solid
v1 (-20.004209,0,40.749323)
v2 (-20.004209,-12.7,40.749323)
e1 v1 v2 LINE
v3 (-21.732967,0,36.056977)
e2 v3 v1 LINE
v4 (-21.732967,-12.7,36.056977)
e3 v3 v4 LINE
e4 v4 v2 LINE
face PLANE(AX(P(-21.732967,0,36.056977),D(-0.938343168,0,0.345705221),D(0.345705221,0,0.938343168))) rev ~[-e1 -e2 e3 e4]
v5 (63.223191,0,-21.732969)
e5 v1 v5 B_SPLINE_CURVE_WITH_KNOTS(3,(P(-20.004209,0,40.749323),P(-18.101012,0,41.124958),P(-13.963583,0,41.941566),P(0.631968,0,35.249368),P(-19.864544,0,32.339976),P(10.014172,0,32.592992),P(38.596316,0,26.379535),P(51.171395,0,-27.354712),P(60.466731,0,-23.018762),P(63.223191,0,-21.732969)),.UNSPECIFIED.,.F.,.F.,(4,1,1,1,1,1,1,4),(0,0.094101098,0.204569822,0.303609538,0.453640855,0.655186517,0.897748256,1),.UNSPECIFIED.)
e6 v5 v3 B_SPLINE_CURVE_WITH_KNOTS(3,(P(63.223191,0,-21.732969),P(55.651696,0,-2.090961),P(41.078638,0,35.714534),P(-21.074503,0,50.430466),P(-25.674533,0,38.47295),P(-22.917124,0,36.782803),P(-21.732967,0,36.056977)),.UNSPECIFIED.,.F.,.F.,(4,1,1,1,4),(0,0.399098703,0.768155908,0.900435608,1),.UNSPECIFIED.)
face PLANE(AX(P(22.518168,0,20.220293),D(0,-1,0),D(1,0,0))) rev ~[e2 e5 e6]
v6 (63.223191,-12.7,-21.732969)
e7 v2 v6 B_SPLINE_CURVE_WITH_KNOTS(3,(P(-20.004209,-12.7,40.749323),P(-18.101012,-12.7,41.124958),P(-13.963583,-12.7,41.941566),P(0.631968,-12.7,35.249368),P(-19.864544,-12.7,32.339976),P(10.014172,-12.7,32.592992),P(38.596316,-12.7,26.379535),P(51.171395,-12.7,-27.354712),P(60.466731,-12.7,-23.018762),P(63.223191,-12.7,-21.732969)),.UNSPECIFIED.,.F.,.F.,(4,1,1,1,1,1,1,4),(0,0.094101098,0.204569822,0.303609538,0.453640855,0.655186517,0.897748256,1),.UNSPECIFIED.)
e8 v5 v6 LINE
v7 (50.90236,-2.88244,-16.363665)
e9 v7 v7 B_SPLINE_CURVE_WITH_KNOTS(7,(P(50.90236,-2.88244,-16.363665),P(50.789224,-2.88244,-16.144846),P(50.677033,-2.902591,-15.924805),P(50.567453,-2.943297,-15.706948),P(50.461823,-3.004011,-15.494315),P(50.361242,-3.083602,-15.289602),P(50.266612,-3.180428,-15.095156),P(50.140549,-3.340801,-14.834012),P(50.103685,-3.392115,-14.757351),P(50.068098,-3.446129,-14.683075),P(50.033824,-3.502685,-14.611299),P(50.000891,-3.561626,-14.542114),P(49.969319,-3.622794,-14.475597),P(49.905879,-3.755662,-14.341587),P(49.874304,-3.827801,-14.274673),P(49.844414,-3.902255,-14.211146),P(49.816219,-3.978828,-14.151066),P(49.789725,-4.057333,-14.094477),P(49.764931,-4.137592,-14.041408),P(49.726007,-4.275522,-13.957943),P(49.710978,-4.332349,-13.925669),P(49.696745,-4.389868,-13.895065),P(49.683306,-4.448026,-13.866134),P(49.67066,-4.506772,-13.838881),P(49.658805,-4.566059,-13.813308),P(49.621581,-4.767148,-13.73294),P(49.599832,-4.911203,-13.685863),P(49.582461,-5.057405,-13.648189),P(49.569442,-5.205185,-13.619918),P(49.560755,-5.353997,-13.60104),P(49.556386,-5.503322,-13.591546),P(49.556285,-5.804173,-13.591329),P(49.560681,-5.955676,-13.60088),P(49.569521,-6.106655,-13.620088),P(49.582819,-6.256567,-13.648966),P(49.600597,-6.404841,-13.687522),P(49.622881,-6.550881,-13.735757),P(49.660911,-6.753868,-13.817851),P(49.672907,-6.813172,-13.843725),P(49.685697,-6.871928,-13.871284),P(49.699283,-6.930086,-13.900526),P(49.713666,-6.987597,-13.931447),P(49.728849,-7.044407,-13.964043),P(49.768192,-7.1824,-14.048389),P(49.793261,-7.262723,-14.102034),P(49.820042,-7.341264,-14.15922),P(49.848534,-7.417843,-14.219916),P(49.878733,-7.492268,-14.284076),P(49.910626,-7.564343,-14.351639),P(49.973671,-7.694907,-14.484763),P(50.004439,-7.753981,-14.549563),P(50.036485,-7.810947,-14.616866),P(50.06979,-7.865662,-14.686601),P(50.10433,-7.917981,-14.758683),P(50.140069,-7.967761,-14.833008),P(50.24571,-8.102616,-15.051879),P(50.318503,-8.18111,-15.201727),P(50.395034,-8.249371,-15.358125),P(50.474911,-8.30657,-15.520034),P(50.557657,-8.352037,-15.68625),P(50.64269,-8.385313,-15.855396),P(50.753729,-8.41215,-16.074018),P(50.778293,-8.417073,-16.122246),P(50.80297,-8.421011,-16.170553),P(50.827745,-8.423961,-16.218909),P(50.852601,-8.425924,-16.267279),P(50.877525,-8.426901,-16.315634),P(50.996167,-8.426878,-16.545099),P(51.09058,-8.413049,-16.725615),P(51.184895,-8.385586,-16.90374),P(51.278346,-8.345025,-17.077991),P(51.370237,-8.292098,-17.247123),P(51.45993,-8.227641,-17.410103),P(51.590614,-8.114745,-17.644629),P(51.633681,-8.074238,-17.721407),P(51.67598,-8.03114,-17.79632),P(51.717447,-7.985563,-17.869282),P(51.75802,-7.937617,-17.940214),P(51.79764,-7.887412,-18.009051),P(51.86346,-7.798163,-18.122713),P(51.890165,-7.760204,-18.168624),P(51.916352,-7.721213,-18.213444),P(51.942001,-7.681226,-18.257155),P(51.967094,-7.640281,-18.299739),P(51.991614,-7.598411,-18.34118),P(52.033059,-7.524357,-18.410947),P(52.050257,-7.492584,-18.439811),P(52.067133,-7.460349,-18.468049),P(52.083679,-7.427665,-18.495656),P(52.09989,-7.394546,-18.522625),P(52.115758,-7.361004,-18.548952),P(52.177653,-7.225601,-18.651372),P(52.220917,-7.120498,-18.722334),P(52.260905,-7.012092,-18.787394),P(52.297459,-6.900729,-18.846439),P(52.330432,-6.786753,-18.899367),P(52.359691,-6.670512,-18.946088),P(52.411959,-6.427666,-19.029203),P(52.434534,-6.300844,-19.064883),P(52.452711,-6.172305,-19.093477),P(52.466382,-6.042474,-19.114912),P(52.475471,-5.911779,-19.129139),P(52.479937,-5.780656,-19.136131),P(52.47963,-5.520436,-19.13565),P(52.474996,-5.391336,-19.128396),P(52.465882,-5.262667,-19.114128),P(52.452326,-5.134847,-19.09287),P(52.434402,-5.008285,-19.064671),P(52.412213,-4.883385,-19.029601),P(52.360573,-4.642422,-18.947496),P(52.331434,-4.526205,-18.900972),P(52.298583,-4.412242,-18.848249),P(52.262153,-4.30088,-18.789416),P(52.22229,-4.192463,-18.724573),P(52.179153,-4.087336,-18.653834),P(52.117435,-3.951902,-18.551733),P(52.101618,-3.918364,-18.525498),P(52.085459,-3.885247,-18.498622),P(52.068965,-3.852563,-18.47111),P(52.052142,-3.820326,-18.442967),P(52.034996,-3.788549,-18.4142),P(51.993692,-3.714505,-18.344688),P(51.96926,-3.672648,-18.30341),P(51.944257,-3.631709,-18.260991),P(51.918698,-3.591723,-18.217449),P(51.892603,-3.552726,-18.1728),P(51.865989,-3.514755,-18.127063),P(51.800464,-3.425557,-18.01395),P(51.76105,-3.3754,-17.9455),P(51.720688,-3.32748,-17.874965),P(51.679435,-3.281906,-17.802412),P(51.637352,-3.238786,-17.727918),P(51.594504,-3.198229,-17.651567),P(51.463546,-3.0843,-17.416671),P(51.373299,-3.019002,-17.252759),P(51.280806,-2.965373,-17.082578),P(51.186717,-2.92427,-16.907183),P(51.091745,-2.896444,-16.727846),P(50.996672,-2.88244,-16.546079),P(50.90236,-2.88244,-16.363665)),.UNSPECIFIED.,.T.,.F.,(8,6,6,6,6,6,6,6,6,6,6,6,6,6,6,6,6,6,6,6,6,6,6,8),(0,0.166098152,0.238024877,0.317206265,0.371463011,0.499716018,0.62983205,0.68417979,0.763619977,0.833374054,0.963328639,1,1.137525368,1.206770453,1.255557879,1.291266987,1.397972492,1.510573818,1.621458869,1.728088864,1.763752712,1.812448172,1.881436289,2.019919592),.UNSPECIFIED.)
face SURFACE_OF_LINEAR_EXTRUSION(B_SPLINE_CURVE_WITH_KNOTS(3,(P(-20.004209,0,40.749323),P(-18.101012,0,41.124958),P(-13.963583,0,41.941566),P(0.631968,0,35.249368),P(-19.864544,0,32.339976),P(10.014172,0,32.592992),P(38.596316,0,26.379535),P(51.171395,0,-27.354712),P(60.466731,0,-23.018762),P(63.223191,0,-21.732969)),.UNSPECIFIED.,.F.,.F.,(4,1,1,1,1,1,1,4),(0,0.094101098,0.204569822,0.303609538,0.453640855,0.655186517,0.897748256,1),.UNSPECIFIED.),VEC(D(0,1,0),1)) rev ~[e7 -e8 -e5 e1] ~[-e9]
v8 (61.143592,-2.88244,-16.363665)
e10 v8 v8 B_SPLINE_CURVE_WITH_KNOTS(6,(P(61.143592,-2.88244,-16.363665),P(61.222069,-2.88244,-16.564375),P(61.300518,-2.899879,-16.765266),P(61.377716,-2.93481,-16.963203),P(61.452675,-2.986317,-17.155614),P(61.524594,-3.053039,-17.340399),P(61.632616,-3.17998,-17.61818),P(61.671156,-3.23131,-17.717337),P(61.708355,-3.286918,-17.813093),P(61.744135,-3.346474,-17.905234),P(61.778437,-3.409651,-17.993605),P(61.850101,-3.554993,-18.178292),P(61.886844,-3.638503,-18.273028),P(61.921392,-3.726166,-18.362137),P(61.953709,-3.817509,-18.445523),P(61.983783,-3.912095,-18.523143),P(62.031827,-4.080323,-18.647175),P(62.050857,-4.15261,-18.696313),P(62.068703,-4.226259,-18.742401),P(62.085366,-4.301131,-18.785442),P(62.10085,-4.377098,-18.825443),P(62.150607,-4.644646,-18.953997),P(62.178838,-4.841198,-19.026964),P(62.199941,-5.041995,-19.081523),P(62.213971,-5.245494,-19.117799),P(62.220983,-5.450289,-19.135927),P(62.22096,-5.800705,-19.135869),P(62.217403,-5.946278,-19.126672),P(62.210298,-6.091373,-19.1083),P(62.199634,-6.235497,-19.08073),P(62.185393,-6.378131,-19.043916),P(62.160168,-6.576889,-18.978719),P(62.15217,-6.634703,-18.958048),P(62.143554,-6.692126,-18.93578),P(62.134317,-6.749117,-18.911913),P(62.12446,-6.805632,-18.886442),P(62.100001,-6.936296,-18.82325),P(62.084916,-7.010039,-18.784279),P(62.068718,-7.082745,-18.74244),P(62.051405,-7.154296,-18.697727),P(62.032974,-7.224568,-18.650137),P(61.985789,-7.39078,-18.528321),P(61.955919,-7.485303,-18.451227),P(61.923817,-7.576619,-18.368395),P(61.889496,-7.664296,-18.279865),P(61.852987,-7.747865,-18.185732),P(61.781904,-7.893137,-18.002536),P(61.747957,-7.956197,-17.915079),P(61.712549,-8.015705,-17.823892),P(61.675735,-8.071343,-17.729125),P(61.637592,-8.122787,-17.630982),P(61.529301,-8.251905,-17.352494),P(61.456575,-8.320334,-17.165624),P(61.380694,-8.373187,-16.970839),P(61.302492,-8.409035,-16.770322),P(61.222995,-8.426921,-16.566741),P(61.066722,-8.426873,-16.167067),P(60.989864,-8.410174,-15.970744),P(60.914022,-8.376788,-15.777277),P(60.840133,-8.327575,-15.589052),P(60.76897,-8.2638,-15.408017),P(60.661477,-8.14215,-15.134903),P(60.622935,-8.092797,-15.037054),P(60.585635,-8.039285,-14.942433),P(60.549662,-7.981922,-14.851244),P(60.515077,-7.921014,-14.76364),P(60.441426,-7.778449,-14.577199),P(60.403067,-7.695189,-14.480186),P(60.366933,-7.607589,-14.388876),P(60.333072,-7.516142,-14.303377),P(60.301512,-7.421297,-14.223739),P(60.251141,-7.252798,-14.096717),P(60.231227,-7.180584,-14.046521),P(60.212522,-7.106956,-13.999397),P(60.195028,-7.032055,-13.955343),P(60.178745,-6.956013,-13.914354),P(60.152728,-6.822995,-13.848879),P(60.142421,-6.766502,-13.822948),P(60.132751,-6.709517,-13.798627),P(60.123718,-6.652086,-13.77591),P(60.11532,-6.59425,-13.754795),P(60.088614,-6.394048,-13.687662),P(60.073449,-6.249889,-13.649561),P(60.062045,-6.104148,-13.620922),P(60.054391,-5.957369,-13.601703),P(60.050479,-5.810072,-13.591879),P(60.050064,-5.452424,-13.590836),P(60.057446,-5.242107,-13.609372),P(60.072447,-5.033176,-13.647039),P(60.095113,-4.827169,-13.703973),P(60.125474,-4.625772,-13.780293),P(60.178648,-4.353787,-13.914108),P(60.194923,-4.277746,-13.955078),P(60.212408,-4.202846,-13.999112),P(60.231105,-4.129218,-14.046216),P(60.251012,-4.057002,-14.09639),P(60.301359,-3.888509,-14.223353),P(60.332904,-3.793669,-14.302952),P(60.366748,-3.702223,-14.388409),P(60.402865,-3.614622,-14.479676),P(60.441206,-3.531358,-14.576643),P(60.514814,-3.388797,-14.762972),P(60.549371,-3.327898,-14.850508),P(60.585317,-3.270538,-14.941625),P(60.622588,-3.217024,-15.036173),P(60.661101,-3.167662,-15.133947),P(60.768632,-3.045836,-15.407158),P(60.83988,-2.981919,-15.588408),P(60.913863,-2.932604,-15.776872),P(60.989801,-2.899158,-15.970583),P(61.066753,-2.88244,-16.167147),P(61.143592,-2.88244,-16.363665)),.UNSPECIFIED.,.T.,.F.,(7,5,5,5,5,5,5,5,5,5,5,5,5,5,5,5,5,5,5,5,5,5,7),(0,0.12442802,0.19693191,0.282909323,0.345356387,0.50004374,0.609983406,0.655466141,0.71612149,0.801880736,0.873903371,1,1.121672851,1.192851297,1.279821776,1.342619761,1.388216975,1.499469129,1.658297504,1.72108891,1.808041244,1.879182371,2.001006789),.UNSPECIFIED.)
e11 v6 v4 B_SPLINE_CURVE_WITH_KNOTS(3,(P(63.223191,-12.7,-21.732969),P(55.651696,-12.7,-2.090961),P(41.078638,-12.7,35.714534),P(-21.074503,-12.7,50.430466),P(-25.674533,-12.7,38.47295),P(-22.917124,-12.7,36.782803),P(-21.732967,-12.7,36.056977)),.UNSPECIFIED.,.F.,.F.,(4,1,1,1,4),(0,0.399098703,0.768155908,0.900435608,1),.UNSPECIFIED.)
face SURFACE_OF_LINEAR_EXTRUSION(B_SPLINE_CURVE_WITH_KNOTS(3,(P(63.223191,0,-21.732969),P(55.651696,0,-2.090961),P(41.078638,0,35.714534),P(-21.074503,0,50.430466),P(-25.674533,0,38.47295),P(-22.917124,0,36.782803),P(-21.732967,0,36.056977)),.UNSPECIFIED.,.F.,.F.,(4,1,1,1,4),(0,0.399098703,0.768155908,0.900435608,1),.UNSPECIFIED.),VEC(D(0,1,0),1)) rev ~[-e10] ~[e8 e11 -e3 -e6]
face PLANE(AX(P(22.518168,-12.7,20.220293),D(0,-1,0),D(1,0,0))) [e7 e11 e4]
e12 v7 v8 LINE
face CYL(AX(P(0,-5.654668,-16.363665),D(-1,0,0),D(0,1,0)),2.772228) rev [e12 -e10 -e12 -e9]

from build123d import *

# Parameters (mm, degrees)
F1_DEPTH = 12.7
F2_R     = 2.7722279561
F3_DEPTH = 88.138


with BuildPart() as f1:
    # F0 (on Front) → F1 (new body)
    with BuildSketch(Plane.XZ):
        with BuildLine():
            add(Edge.make_bspline(
                [(-20.004209131, 40.749322623), (-18.1010123396, 41.124958073), (-13.9635831574, 41.9415657301), (0.631968489, 35.2493684143), (-19.8645440616, 32.339975931), (10.0141722282, 32.5929922895), (38.5963157758, 26.3795351795), (51.1713948728, -27.3547123387), (60.4667312412, -23.0187615376), (63.2231906056, -21.7329692096)],
                knots=[0, 0, 0, 0, 0.0941010979, 0.2045698219, 0.3036095379, 0.4536408554, 0.6551865167, 0.897748256, 1, 1, 1, 1], degree=3))
            add(Edge.make_bspline(
                [(63.2231906056, -21.7329692096), (55.6516958139, -2.0909614512), (41.0786380347, 35.7145342711), (-21.0745032611, 50.4304656177), (-25.674532514, 38.4729503252), (-22.9171239373, 36.7828029009), (-21.7329673469, 36.0569767654)],
                knots=[0, 0, 0, 0, 0.3990987029, 0.7681559081, 0.9004356077, 1, 1, 1, 1], degree=3))
            Line((-21.7329673469, 36.0569767654), (-20.004209131, 40.749322623))
        make_face()
    extrude(amount=F1_DEPTH)

    # F2 (on Right) → F3 (cut)
    with BuildSketch(Plane.YZ):
        with Locations((-5.6546684355, -16.3636654615)):
            Circle(F2_R)
    extrude(amount=F3_DEPTH, mode=Mode.SUBTRACT)


solid = f1.part
